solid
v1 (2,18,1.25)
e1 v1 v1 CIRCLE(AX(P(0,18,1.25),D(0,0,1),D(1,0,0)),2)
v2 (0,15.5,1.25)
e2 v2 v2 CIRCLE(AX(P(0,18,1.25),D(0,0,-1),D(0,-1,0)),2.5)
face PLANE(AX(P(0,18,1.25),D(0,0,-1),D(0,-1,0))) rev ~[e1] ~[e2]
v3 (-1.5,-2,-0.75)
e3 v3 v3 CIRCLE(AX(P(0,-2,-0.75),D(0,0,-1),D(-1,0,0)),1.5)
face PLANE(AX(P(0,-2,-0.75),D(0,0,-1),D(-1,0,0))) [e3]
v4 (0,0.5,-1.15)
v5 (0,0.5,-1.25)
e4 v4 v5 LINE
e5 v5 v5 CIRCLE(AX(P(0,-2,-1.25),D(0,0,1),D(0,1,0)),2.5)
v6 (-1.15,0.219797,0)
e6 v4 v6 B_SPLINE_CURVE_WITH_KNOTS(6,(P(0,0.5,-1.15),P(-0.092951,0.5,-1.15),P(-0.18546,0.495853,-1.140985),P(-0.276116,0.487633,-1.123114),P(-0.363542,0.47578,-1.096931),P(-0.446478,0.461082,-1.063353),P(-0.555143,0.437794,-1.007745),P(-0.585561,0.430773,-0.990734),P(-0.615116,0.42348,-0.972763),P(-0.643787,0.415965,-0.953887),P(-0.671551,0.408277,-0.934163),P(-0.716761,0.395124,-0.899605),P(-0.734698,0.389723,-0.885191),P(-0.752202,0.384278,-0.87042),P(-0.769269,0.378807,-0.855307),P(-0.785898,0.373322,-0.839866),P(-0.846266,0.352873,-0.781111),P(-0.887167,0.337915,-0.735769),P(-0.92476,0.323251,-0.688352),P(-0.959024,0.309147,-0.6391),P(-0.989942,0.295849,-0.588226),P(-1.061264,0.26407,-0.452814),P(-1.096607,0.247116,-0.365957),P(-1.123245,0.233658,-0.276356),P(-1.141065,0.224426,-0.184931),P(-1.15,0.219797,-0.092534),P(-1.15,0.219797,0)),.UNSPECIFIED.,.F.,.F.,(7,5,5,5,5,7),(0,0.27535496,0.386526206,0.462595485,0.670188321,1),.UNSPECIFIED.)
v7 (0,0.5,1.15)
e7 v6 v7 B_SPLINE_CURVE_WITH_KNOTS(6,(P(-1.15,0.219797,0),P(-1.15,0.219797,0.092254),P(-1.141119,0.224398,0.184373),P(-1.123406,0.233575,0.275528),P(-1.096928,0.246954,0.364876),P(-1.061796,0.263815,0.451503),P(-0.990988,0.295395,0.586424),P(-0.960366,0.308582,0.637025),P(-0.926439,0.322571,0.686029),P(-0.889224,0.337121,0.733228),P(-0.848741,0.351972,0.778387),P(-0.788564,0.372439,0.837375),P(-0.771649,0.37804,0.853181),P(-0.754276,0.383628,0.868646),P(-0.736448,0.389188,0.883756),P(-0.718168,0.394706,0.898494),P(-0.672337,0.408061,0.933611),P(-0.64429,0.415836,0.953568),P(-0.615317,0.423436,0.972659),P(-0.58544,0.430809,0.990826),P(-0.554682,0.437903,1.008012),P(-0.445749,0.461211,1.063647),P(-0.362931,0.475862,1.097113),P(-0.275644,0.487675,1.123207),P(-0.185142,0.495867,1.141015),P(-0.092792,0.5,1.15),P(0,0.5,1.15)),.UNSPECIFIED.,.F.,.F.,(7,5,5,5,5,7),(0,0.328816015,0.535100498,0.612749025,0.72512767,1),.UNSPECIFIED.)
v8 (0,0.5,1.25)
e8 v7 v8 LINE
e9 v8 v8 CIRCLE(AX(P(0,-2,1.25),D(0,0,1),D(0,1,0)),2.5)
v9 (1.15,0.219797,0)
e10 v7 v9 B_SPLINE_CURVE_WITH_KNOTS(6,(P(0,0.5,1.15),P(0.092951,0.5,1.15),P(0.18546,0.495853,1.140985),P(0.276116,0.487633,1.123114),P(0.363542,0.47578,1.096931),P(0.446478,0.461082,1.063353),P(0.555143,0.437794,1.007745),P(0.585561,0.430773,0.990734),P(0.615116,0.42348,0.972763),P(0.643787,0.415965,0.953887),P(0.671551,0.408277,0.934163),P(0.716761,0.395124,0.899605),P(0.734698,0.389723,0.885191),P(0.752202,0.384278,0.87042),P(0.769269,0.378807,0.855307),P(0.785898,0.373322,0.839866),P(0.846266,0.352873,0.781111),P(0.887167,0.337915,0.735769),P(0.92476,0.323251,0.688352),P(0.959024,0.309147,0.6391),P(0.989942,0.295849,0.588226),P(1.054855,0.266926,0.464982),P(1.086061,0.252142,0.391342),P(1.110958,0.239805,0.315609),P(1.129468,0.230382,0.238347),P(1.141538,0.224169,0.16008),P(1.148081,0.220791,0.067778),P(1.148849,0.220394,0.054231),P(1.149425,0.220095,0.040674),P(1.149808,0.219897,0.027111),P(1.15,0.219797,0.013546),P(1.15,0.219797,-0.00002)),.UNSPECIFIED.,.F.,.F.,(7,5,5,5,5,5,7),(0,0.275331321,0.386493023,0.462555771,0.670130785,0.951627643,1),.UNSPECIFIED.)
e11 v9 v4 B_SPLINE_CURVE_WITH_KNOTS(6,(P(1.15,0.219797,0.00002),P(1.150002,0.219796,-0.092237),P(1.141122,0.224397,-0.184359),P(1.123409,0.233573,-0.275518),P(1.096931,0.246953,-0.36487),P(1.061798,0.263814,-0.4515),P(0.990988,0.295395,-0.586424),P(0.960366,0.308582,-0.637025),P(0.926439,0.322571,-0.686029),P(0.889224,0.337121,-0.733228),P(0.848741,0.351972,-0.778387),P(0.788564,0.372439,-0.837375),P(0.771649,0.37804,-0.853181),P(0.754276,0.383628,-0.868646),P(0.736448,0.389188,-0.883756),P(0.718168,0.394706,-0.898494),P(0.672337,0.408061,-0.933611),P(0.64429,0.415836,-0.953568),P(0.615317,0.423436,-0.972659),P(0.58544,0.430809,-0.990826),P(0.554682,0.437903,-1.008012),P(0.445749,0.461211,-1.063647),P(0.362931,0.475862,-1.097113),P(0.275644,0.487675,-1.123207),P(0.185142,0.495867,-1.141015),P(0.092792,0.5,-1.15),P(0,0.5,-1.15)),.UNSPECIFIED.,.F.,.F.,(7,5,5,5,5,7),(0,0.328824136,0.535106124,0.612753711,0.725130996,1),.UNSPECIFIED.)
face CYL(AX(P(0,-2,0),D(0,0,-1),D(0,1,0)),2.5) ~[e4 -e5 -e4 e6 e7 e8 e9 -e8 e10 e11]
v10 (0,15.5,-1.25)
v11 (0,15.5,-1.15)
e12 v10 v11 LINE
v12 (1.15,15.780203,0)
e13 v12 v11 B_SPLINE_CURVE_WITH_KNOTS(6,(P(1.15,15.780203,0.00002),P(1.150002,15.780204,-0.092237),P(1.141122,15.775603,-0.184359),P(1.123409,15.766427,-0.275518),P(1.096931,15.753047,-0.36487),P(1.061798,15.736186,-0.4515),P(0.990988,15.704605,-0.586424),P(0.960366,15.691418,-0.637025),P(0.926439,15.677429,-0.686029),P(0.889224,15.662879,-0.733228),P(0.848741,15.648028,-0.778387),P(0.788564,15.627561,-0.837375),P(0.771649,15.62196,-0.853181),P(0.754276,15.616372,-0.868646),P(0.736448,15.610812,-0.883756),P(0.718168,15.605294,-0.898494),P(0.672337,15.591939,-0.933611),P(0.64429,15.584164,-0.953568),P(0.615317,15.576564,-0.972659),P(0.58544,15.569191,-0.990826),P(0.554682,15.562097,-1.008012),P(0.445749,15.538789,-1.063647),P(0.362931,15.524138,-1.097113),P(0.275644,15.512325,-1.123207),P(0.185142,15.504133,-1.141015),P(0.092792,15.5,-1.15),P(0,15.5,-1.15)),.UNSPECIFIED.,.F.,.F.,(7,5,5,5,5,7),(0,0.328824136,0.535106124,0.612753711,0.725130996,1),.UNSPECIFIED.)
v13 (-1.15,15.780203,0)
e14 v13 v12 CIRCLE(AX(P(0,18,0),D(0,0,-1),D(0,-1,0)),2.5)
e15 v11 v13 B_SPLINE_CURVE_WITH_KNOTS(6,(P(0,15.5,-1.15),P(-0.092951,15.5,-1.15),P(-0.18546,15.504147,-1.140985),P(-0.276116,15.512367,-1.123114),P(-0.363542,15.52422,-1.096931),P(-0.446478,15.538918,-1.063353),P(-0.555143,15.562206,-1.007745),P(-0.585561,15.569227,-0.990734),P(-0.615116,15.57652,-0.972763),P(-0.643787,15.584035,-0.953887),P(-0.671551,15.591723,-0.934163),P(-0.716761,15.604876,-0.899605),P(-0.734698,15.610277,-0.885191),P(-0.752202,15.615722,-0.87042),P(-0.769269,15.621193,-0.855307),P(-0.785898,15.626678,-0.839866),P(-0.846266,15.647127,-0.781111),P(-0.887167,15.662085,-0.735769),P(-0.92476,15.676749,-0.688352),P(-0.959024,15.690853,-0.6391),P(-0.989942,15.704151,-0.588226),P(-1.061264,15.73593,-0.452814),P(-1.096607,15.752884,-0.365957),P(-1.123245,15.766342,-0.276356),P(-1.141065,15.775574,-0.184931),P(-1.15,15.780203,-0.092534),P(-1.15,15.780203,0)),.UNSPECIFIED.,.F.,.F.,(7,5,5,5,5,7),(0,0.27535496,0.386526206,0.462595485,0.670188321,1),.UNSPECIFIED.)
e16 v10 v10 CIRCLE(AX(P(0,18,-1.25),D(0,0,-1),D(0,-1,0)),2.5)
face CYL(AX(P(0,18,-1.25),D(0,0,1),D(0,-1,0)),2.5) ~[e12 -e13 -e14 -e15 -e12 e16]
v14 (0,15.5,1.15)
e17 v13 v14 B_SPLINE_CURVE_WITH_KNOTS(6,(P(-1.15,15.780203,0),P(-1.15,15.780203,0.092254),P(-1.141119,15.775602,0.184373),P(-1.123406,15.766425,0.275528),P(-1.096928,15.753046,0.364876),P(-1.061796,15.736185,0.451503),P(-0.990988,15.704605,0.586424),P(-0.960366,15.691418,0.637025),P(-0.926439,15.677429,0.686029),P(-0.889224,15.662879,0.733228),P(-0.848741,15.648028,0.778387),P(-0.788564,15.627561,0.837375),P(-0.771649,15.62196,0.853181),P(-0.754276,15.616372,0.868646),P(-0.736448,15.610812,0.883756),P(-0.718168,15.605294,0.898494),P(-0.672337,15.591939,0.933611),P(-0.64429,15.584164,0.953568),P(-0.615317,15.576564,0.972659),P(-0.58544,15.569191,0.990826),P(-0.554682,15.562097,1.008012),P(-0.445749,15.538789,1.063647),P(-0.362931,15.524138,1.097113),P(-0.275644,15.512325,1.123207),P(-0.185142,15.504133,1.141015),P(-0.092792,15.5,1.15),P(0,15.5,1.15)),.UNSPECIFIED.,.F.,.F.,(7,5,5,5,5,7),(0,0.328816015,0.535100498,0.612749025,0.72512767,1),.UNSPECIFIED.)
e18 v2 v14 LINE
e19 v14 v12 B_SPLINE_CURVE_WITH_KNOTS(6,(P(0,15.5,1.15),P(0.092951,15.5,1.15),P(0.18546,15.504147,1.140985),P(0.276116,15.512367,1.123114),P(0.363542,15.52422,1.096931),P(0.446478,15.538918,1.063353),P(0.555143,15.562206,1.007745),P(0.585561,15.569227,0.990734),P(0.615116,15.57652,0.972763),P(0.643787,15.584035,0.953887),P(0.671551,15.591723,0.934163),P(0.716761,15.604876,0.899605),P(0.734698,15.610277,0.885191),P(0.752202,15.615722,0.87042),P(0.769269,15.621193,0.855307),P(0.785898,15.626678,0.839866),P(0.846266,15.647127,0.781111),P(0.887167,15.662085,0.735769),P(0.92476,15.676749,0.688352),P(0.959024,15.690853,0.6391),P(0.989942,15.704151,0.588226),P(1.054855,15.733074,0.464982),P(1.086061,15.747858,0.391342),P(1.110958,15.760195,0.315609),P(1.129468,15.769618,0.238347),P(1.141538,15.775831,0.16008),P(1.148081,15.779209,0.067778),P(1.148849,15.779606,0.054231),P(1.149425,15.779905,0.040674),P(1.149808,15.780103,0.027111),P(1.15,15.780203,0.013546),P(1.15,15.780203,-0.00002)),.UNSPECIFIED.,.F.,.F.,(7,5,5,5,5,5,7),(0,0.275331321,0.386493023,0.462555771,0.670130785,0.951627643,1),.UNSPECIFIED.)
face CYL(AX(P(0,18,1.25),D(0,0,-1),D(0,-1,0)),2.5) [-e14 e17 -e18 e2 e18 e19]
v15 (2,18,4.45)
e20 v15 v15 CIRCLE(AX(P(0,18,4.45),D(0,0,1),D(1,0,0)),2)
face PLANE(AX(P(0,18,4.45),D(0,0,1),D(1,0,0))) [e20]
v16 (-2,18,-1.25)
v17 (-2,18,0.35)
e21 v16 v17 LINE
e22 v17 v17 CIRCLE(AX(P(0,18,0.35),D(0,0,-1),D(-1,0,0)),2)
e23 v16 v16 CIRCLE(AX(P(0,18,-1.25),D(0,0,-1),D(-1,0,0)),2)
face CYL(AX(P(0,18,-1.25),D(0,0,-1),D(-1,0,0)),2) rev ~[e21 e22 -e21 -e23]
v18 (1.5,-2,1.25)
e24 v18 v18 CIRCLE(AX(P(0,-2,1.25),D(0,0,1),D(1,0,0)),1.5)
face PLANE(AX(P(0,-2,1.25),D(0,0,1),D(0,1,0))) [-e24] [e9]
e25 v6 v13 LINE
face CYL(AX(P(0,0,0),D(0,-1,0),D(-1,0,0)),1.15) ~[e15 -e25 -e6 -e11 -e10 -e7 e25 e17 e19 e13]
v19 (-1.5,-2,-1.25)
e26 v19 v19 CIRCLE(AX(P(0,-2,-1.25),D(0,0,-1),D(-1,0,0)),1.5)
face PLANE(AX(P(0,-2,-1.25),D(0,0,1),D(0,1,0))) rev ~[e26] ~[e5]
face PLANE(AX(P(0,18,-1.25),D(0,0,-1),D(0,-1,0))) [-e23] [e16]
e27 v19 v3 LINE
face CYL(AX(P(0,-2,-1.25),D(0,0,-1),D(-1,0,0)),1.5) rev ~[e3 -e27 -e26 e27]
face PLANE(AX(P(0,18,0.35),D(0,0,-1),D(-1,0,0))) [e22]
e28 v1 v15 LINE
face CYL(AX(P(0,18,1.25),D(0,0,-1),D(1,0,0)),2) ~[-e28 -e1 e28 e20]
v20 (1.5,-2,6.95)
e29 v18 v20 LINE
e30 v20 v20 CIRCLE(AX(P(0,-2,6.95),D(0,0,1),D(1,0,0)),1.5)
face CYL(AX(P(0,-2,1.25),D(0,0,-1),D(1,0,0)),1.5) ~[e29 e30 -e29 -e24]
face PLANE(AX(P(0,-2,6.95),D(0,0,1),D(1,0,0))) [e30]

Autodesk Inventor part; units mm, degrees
ref_plane "YZ Plane" through (0, 0, 0) normal (1, 0, 0) x (0, 1, 0)
ref_plane "XZ Plane" through (0, 0, 0) normal (0, 1, 0) x (-1, 0, 0)
ref_plane "XY Plane" through (0, 0, 0) normal (0, 0, 1) x (1, 0, 0)
sketch "Sketch1" plane through (0, 0, 0) normal (0, 1, 0) x (-1, 0, 0)
  circle A0 centre (0, 0) radius 1.15
  dimension "d0" = 2.3
extrude "Extrusion1" add sketch "Sketch1" along normal blind 16
sketch "Sketch2" plane through (0, 0, 0) normal (1, 0, 0) x (0, 1, 0)
  line L0 (16, -1.15) -> (16, 1.15) projected
  line L1 (15.5, 1.25) -> (15.5, 0)
  line L2 (16, 0) -> (15.5, 0)
  line L3 (15.5, 0) -> (13.7557, 0)
  line L4 (15.5, 1.25) -> (18, 1.25)
  line L5 (18, 1.25) -> (18, 0)
  line L6 (16, 1.15) -> (16, -1.15)
  line L7 (15.5, -1.25) -> (15.5, 0)
  line L8 (15.5, -1.25) -> (18, -1.25)
  line L9 (18, -1.25) -> (18, 0)
  point P0 (0, 0)
  dimension "d3" = 0.5
  dimension "d4" = 1.25
  dimension "d7" = 2.5
revolve "Revolution1" add sketch "Sketch2" angle 360 about axis through (0, 18, 1.25) along (0, 0, -1)
sketch "Sketch3" plane through (0, 18, 1.25) normal (0, 0, 1) x (1, 0, 0)
  circle A0 centre (0, 0) radius 2.5 projected
  circle A1 centre (0, 0) radius 2
  point P0 (0, -18)
  dimension "d9" = 4
extrude "Extrusion2" add sketch "Sketch3" along normal blind 3.2 contours A1
sketch "Sketch4" plane through (0, 18, -1.25) normal (0, 0, -1) x (-1, 0, 0)
  circle A0 centre (0, 0) radius 2 projected
  point P0 (0, -18)
extrude "Extrusion3" cut sketch "Sketch4" against normal blind 1.6
sketch "Sketch5" plane through (0, 0, 0) normal (1, 0, 0) x (0, 1, 0)
  line L0 (0.5, 0) -> (0.5, -1.25)
  line L1 (0, 1.15) -> (0, -1.15) projected
  line L2 (0, 0) -> (0.5, 0)
  line L3 (0.5, 0) -> (1.4582, 0)
  line L4 (0.5, 0) -> (0.5, -1.25)
  line L5 (-2, 0) -> (-2, -1.25)
  line L6 (0.5, -1.25) -> (-2, -1.25)
  line L7 (0.5, 0) -> (0.5, 1.25)
  line L8 (0, -1.15) -> (0, 1.15)
  line L9 (0.5, 0) -> (0.5, 1.25)
  line L10 (-2, 0) -> (-2, 1.25)
  line L11 (0.5, 1.25) -> (-2, 1.25)
  dimension "d14" = 0.5
  dimension "d15" = 1.25
  dimension "d16" = 2.5
revolve "Revolution2" add sketch "Sketch5" angle 360 about axis through (0, -2, 0) along (0, 0, 1)
sketch "Sketch6" plane through (0, -2, 1.25) normal (0, 0, 1) x (1, 0, 0)
  circle A0 centre (0, 0) radius 2.5 projected
  circle A1 centre (0, 0) radius 1.5
  point P0 (0, 2)
  dimension "d18" = 3
extrude "Extrusion4" add sketch "Sketch6" along normal blind 5.7 contours A1
sketch "Sketch7" plane through (0, -2, -1.25) normal (0, 0, -1) x (-1, 0, 0)
  circle A0 centre (0, 0) radius 1.5 projected
  point P0 (0, 2)
extrude "Extrusion5" cut sketch "Sketch7" against normal blind 0.5
properties part number "101-03" material "Aluminum 6061"
